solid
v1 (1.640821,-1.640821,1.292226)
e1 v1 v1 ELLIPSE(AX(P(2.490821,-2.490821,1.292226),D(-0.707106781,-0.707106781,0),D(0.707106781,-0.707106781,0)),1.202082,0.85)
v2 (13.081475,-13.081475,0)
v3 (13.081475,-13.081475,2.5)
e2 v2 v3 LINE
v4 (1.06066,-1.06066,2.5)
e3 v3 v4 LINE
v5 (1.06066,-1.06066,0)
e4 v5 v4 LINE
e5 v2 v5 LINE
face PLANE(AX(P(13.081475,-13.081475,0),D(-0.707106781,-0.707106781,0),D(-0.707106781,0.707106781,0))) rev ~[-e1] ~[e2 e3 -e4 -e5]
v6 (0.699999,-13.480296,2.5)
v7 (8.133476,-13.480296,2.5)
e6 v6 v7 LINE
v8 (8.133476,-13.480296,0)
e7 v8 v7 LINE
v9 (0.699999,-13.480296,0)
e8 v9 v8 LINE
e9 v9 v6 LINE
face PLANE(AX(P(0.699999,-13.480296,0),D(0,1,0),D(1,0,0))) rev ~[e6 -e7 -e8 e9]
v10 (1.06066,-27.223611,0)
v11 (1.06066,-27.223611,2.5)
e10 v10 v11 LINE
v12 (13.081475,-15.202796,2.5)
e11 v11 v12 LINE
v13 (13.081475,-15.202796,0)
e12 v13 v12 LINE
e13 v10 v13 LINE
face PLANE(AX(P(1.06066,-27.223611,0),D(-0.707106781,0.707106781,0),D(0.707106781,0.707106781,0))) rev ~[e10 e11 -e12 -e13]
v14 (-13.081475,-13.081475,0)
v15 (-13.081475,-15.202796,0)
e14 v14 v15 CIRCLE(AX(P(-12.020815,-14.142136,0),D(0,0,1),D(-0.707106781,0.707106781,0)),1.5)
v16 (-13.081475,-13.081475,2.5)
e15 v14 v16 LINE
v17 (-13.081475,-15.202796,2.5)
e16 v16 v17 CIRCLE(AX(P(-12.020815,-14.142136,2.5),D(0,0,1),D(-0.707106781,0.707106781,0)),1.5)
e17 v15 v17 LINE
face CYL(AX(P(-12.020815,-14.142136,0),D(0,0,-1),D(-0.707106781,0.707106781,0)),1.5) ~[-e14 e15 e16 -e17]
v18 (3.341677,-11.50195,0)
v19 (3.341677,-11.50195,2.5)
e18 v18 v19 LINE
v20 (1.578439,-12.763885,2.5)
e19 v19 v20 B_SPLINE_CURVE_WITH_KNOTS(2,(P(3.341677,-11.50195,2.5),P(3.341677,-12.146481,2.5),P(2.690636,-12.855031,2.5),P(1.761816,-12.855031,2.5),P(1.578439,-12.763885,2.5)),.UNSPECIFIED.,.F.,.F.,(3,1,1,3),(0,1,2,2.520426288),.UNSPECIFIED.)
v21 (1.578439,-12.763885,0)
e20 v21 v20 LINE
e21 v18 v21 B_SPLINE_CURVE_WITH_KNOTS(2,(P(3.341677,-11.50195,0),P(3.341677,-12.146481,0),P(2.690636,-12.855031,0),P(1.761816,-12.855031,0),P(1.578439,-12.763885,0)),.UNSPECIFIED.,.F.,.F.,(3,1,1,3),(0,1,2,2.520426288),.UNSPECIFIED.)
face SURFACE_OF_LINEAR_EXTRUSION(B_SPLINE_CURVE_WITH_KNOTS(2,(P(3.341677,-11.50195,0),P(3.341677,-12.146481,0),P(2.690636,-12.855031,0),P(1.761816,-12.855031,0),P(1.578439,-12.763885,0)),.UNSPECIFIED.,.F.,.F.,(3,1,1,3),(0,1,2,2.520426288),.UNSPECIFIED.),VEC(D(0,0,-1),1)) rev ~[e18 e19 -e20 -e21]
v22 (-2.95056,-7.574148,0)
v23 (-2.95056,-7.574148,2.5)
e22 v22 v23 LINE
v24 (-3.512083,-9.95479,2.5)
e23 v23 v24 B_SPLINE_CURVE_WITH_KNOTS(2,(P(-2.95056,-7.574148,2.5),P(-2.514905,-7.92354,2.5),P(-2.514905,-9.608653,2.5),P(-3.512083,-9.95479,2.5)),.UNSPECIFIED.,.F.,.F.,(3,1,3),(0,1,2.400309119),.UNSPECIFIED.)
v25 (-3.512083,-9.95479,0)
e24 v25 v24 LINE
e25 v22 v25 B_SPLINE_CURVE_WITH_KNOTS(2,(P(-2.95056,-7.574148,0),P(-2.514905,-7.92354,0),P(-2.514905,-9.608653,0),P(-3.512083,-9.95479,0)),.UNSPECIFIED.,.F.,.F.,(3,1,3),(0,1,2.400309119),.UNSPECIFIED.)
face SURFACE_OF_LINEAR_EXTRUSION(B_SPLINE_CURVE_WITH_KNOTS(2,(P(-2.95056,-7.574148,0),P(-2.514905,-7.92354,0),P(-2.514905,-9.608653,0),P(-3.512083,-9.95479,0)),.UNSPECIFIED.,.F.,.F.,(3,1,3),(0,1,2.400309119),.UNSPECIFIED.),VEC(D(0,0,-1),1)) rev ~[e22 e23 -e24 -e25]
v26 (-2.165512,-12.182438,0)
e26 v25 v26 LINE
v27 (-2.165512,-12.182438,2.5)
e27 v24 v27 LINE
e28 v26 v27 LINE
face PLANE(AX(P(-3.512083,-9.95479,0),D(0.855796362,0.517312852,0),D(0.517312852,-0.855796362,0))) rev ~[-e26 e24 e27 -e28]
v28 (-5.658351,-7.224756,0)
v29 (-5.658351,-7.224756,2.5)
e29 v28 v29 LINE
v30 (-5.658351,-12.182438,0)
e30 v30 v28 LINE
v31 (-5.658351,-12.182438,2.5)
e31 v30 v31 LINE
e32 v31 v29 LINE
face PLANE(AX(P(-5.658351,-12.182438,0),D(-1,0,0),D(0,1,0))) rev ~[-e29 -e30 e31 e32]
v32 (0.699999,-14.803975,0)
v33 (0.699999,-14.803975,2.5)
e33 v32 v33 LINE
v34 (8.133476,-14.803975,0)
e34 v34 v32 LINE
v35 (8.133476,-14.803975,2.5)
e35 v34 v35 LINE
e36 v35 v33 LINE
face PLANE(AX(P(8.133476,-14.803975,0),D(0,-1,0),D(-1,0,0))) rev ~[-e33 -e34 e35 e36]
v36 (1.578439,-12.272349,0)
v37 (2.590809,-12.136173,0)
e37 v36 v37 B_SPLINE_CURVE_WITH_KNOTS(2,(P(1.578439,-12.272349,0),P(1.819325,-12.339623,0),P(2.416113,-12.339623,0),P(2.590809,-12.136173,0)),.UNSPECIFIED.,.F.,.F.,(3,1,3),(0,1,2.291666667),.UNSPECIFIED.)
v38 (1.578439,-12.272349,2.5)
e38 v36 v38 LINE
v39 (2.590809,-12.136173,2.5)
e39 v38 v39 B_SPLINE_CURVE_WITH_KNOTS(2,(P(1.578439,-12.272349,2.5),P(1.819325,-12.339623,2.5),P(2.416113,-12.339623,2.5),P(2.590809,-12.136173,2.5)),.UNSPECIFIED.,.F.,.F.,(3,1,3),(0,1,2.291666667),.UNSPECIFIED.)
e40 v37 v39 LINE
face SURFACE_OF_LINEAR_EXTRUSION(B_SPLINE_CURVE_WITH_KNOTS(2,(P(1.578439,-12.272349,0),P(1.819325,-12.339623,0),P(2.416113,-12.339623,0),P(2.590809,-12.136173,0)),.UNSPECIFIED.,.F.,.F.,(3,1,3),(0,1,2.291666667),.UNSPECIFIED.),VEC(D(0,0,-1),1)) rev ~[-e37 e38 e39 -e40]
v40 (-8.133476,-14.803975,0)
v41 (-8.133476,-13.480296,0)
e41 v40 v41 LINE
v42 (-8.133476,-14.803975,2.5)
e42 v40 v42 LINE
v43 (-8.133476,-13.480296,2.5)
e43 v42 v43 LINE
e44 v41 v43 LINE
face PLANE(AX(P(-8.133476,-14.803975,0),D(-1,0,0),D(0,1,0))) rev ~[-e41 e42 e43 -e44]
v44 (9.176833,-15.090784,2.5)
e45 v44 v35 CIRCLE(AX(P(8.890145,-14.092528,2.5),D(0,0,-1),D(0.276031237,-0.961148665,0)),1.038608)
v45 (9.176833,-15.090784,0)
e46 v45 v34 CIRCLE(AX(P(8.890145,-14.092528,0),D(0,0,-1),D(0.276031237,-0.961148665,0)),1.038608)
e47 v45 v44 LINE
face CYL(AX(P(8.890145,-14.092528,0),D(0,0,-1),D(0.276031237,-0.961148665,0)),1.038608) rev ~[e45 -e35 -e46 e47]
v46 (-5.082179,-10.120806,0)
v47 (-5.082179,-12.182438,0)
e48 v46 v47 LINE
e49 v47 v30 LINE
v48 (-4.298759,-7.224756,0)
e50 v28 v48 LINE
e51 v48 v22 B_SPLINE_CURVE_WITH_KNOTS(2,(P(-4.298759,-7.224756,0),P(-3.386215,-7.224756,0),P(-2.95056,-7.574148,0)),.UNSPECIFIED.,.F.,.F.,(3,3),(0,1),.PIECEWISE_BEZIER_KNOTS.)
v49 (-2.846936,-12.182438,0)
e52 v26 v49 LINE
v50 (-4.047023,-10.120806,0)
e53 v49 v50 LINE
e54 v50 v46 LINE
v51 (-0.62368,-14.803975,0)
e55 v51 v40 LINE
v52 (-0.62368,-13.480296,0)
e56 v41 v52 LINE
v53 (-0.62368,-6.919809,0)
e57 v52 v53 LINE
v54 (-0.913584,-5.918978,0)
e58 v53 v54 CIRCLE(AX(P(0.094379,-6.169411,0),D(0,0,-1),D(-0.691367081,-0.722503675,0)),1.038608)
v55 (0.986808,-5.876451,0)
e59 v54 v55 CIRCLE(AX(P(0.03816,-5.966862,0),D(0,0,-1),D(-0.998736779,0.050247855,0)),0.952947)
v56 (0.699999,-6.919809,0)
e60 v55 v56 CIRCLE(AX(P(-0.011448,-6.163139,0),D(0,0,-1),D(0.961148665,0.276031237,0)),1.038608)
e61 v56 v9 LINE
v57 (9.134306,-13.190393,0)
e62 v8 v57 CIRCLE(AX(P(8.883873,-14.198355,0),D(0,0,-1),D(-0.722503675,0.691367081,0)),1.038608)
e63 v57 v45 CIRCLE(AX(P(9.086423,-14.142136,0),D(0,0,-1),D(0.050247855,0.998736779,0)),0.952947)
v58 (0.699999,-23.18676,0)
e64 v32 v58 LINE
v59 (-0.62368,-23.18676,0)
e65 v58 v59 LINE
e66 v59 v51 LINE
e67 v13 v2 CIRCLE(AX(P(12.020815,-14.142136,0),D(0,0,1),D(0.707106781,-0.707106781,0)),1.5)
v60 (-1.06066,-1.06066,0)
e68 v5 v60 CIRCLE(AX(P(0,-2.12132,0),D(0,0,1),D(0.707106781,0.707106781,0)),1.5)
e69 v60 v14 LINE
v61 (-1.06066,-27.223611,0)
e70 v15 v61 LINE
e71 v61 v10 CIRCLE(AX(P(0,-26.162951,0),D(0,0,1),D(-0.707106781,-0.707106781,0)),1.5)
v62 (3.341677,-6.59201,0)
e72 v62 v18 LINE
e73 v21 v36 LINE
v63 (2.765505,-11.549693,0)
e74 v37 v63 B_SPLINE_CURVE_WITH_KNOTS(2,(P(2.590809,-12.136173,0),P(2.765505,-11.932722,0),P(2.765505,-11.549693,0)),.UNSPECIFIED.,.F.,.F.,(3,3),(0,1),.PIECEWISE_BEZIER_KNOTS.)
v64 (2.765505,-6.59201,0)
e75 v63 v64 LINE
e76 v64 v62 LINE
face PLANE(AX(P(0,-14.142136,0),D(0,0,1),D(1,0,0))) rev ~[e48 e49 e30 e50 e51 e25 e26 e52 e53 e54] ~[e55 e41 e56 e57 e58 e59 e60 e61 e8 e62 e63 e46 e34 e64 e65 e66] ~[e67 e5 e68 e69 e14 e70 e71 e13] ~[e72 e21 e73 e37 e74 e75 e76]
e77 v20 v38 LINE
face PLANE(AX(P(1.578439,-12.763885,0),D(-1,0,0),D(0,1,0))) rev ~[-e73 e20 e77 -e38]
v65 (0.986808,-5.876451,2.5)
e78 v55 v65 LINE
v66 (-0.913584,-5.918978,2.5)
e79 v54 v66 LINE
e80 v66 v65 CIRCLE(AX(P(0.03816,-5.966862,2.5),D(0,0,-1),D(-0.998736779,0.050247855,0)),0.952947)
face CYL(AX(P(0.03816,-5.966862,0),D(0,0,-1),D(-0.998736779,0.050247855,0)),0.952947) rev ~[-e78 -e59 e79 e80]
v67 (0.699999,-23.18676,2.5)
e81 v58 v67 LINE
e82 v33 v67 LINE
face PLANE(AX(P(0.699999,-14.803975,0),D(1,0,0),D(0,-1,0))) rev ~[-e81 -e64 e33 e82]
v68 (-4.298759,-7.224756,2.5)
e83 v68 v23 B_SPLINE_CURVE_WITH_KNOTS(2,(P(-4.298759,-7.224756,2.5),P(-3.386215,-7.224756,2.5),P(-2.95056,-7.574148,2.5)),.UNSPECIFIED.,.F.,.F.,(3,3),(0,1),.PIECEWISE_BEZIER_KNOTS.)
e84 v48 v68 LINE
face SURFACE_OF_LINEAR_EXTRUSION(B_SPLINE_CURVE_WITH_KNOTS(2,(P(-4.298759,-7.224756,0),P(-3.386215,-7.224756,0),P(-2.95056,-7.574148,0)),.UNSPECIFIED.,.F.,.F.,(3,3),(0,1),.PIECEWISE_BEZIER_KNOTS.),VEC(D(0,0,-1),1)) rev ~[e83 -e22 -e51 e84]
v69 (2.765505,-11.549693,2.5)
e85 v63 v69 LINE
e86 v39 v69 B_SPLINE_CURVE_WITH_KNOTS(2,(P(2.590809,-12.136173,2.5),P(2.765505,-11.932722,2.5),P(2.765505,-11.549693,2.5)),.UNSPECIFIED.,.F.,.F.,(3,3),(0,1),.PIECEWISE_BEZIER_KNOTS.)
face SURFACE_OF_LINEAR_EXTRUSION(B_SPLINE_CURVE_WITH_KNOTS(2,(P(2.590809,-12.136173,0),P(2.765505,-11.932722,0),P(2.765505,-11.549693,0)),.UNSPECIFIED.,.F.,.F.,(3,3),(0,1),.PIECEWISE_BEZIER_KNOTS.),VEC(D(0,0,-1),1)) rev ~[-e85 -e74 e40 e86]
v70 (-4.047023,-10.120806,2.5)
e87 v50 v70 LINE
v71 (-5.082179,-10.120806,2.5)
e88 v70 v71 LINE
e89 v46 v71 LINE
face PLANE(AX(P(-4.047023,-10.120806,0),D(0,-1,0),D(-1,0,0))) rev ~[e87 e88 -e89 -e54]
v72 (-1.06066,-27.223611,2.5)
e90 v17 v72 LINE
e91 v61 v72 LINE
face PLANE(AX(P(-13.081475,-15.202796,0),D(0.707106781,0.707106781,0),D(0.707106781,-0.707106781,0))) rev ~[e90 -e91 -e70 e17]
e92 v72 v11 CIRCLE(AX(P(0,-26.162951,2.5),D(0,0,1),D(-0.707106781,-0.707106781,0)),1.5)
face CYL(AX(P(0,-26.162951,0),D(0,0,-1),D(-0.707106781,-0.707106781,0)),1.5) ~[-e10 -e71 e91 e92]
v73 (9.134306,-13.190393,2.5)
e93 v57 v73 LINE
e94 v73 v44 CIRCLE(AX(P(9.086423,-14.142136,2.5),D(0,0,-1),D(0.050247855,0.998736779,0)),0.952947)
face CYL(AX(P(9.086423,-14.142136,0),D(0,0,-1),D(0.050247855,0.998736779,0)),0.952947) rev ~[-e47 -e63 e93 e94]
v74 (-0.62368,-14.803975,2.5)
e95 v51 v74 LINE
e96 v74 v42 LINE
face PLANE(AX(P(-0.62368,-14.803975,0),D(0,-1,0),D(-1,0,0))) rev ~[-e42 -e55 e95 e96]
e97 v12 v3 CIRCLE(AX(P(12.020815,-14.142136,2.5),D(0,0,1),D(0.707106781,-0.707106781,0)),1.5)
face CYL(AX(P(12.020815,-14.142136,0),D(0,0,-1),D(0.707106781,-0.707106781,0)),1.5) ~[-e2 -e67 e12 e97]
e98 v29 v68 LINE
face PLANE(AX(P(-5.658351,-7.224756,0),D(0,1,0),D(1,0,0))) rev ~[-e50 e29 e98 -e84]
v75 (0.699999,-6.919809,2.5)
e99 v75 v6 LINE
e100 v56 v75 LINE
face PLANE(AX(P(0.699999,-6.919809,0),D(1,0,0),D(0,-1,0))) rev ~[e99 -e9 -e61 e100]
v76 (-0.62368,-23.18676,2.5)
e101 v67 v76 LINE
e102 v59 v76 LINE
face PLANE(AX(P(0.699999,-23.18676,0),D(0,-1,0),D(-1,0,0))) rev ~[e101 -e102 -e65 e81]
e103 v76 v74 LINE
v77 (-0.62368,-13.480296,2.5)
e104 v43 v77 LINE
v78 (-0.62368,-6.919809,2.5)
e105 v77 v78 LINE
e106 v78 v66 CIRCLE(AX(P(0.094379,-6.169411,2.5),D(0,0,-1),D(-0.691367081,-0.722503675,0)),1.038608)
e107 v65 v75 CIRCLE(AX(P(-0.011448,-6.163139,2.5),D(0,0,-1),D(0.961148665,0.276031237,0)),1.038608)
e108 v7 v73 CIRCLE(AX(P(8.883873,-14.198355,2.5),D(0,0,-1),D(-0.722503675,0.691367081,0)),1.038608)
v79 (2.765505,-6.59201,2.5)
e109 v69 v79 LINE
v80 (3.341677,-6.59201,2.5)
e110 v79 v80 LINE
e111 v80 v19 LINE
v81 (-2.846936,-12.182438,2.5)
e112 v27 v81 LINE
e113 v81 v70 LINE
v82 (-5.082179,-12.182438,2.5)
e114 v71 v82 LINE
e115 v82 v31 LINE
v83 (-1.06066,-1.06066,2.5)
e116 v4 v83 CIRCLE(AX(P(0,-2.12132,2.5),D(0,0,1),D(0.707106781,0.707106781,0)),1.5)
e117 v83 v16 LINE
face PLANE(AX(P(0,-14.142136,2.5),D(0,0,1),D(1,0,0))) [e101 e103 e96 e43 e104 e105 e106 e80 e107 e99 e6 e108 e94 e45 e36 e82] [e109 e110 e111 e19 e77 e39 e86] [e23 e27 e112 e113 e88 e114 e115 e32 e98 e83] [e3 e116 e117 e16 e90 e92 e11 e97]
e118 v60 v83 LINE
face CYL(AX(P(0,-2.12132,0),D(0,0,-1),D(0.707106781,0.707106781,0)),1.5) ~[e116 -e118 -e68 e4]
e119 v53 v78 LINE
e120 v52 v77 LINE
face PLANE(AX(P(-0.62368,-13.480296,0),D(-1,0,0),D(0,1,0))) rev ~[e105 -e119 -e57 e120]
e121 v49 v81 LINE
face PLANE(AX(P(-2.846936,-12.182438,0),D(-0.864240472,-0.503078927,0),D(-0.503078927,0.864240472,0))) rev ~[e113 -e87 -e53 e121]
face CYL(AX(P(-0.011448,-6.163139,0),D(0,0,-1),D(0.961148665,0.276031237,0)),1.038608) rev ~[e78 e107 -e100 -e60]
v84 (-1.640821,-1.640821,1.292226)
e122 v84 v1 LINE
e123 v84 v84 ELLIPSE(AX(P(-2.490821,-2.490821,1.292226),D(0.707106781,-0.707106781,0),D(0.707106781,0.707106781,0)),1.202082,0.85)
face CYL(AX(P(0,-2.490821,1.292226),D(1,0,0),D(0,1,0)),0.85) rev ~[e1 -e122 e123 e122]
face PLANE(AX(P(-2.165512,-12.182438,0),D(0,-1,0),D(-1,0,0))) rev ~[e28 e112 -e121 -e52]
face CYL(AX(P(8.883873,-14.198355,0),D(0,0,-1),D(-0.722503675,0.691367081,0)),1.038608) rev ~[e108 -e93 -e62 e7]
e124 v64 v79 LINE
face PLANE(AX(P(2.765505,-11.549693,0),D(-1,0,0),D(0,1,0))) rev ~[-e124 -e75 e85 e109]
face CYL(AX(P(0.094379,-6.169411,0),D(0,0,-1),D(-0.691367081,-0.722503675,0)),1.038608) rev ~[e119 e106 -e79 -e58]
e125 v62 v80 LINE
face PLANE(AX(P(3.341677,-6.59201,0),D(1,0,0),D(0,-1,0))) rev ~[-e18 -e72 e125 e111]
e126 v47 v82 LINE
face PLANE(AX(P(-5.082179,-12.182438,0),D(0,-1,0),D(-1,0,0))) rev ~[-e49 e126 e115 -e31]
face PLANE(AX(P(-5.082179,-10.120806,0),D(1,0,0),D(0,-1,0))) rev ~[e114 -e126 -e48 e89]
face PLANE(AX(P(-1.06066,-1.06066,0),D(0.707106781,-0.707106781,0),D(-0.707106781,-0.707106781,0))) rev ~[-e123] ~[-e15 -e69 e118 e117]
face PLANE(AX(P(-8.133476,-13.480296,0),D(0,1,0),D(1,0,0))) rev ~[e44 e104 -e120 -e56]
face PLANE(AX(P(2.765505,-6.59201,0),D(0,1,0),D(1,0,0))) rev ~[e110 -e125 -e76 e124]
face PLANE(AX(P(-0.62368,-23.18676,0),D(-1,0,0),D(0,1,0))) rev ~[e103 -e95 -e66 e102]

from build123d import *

# Parameters (mm, degrees)
F1_DEPTH = 2.5
F2_R     = 0.85
F3_DEPTH = 12.5


with BuildPart() as f1:
    # F0 (on Top) → F1 (new body)
    with BuildSketch(Plane.XY):
        with BuildLine():
            Line((13.081475452, -13.081475452), (1.0606601718, -1.0606601718))
            ThreePointArc((1.0606601718, -1.0606601718), (0, -0.6213203436), (-1.0606601718, -1.0606601718))
            Line((-1.0606601718, -1.0606601718), (-13.081475452, -13.081475452))
            ThreePointArc((-13.081475452, -13.081475452), (-13.5208152802, -14.1421356237), (-13.081475452, -15.2027957955))
            Line((-13.081475452, -15.2027957955), (-1.0606601718, -27.2236110757))
            ThreePointArc((-1.0606601718, -27.2236110757), (0, -27.6629509039), (1.0606601718, -27.2236110757))
            Line((1.0606601718, -27.2236110757), (13.081475452, -15.2027957955))
            ThreePointArc((13.081475452, -15.2027957955), (13.5208152802, -14.1421356237), (13.081475452, -13.081475452))
        make_face()
        with BuildLine():
            Line((-4.0470226145, -10.1208059821), (-5.0821788645, -10.1208059821))
            Line((-5.0821788645, -10.1208059821), (-5.0821788645, -12.1824379265))
            Line((-5.0821788645, -12.1824379265), (-5.6583507395, -12.1824379265))
            Line((-5.6583507395, -12.1824379265), (-5.6583507395, -7.2247556349))
            Line((-5.6583507395, -7.2247556349), (-4.2987587256, -7.2247556349))
            add(Edge.make_bspline(
                [(-4.2987587256, -7.2247556349), (-3.3862153229, -7.2247556349), (-2.9505599409, -7.574147996)],
                knots=[0, 0, 0, 1, 1, 1], degree=2))
            add(Edge.make_bspline(
                [(-2.9505599409, -7.574147996), (-2.514904559, -7.9235403571), (-2.514904559, -8.6255802876)],
                knots=[0, 0, 0, 1, 1, 1], degree=2))
            add(Edge.make_bspline(
                [(-2.514904559, -8.6255802876), (-2.514904559, -9.6086532043), (-3.5120833784, -9.9547903571)],
                knots=[0, 0, 0, 1, 1, 1], degree=2))
            Line((-3.5120833784, -9.9547903571), (-2.1655121979, -12.1824379265))
            Line((-2.1655121979, -12.1824379265), (-2.846935809, -12.1824379265))
            Line((-2.846935809, -12.1824379265), (-4.0470226145, -10.1208059821))
        make_face(mode=Mode.SUBTRACT)
        with BuildLine():
            Line((-8.1334756687, -14.8039748892), (-8.1334756687, -13.4802963582))
            Line((-8.1334756687, -13.4802963582), (-0.6236797201, -13.4802963582))
            Line((-0.6236797201, -13.4802963582), (-0.6236797201, -6.9198086858))
            ThreePointArc((-0.6236797201, -6.9198086858), (-0.9032194318, -6.4583786209), (-0.9135835525, -5.9189782686))
            ThreePointArc((-0.9135835525, -5.9189782686), (0.0168397474, -5.0141534426), (0.9868078824, -5.876451129))
            ThreePointArc((0.9868078824, -5.876451129), (0.9900106564, -6.4384308628), (0.6999988109, -6.9198086858))
            Line((0.6999988109, -6.9198086858), (0.6999988109, -13.4802963582))
            Line((0.6999988109, -13.4802963582), (8.1334756687, -13.4802963582))
            ThreePointArc((8.1334756687, -13.4802963582), (8.5949057336, -13.2007566465), (9.134306086, -13.1903925258))
            ThreePointArc((9.134306086, -13.1903925258), (10.0391309119, -14.1208158258), (9.1768332255, -15.0907839607))
            ThreePointArc((9.1768332255, -15.0907839607), (8.6148534917, -15.0939867347), (8.1334756687, -14.8039748892))
            Line((8.1334756687, -14.8039748892), (0.6999988109, -14.8039748892))
            Line((0.6999988109, -14.8039748892), (0.6999988109, -23.1867600232))
            Line((0.6999988109, -23.1867600232), (-0.6236797201, -23.1867600232))
            Line((-0.6236797201, -23.1867600232), (-0.6236797201, -14.8039748892))
            Line((-0.6236797201, -14.8039748892), (-8.1334756687, -14.8039748892))
        make_face(mode=Mode.SUBTRACT)
        with BuildLine():
            add(Edge.make_bspline(
                [(3.0161563763, -12.5007560808), (2.690635543, -12.8550312544), (2.0797414457, -12.8550312544)],
                knots=[0, 0, 0, 1, 1, 1], degree=2))
            add(Edge.make_bspline(
                [(2.0797414457, -12.8550312544), (1.7618160985, -12.8550312544), (1.5784393624, -12.7638854211)],
                knots=[0, 0, 0, 1, 1, 1], degree=2))
            Line((1.5784393624, -12.7638854211), (1.5784393624, -12.2723489627))
            add(Edge.make_bspline(
                [(1.5784393624, -12.2723489627), (1.8193247791, -12.3396232683), (2.0797414457, -12.3396232683)],
                knots=[0, 0, 0, 1, 1, 1], degree=2))
            add(Edge.make_bspline(
                [(2.0797414457, -12.3396232683), (2.4161129735, -12.3396232683), (2.5908091541, -12.1361727474)],
                knots=[0, 0, 0, 1, 1, 1], degree=2))
            add(Edge.make_bspline(
                [(2.5908091541, -12.1361727474), (2.7655053346, -11.9327222266), (2.7655053346, -11.5496927127)],
                knots=[0, 0, 0, 1, 1, 1], degree=2))
            Line((2.7655053346, -11.5496927127), (2.7655053346, -6.5920104211))
            Line((2.7655053346, -6.5920104211), (3.3416772096, -6.5920104211))
            Line((3.3416772096, -6.5920104211), (3.3416772096, -11.5019496572))
            add(Edge.make_bspline(
                [(3.3416772096, -11.5019496572), (3.3416772096, -12.1464809072), (3.0161563763, -12.5007560808)],
                knots=[0, 0, 0, 1, 1, 1], degree=2))
        make_face(mode=Mode.SUBTRACT)
    extrude(amount=F1_DEPTH)

    # F2 (on Right) → F3 (cut, symmetric)
    with BuildSketch(Plane.YZ):
        with Locations((-2.4908210296, 1.292226194)):
            Circle(F2_R)
    extrude(amount=F3_DEPTH, both=True, mode=Mode.SUBTRACT)


solid = f1.part
